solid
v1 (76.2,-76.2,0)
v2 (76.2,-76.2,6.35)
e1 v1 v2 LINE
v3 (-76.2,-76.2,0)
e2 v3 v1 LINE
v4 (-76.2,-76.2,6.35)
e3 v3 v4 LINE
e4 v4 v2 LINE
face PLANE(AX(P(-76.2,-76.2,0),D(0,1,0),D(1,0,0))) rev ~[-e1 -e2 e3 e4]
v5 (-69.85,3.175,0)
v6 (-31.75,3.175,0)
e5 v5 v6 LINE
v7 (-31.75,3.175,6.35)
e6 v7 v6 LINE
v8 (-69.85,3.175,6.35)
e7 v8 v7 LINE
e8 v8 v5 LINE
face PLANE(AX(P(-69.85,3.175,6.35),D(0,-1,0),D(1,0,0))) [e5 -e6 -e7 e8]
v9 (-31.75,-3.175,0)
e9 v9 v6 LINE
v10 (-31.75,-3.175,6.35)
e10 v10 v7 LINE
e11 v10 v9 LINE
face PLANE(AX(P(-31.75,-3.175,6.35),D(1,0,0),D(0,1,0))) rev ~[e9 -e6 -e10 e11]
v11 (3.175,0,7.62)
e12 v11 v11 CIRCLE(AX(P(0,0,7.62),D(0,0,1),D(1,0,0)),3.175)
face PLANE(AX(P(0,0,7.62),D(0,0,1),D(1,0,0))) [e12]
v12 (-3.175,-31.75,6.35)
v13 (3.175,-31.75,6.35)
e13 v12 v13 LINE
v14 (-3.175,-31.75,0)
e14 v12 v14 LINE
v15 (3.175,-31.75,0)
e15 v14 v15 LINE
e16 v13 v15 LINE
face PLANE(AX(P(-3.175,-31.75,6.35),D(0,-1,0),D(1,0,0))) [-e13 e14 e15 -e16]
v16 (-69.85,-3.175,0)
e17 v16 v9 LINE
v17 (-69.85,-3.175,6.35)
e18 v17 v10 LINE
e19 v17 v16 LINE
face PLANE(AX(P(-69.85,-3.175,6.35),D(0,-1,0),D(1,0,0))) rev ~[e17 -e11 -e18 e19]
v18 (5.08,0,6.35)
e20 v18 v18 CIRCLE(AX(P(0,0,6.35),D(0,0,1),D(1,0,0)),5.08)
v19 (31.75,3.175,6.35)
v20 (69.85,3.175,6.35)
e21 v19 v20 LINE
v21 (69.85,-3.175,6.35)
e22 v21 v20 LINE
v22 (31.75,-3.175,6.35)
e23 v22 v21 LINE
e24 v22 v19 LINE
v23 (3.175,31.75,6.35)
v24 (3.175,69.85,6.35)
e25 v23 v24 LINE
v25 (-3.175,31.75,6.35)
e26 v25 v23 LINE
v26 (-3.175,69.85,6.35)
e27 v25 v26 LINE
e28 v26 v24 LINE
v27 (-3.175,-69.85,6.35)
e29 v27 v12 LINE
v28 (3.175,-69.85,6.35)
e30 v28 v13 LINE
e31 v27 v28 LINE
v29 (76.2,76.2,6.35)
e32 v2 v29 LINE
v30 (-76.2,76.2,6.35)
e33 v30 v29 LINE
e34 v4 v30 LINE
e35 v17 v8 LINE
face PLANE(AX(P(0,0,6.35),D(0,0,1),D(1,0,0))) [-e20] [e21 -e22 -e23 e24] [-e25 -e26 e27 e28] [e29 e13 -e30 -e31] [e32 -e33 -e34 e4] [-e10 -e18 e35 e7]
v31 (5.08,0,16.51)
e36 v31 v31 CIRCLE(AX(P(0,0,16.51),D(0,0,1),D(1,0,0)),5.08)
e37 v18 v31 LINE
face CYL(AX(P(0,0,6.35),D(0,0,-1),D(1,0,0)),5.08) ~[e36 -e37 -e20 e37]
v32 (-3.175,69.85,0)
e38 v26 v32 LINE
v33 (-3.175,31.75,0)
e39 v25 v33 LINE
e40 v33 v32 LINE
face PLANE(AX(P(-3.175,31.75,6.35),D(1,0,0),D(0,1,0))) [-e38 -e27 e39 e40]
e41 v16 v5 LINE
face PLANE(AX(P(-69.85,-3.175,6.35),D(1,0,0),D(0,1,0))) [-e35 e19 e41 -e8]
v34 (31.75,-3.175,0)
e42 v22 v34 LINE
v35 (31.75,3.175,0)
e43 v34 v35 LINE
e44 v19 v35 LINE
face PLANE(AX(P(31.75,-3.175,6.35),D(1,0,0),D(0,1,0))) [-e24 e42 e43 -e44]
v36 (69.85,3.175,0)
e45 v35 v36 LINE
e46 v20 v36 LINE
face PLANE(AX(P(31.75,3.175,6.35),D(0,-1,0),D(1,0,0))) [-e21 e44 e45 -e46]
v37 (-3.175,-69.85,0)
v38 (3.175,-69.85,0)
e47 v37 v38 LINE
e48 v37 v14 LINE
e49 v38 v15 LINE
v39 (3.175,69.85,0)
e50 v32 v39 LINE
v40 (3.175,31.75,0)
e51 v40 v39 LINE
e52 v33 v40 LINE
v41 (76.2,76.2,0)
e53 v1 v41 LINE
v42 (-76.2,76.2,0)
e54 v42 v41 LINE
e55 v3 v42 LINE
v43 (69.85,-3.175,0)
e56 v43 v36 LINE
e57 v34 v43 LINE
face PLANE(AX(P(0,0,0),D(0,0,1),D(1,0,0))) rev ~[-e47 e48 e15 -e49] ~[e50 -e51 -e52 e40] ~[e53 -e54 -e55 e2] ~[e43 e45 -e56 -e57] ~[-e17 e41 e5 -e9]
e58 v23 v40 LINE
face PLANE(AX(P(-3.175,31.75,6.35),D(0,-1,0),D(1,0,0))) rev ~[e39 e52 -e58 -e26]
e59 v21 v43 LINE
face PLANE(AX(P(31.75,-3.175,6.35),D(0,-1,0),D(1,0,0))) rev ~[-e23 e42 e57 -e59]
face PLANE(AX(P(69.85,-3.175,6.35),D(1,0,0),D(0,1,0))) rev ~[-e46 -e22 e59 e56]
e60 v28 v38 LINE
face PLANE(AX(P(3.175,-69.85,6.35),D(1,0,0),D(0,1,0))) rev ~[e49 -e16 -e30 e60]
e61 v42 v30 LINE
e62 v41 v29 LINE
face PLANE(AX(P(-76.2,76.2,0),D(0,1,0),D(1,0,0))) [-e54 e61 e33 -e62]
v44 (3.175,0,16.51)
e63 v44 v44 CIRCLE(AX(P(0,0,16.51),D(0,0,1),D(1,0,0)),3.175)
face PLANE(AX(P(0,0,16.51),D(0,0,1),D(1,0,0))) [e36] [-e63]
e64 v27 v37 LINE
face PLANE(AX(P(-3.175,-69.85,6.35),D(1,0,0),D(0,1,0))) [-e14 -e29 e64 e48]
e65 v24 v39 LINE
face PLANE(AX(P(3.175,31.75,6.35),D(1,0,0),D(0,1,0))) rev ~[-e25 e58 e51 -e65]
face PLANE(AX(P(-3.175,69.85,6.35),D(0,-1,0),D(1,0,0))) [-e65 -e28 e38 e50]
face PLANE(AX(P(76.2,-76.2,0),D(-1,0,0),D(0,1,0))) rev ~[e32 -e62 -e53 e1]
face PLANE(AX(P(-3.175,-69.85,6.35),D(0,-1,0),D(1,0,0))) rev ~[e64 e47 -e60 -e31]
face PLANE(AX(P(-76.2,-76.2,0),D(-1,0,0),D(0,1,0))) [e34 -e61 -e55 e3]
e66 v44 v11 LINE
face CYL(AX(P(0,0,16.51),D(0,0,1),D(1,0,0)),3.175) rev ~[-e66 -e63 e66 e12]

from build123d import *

# Parameters (mm, degrees)
F0_W      = 152.4
F0_H      = 152.4
F1_DEPTH  = 6.35
F2_W      = 38.1
F2_H      = 6.35
F3_DEPTH  = 25.4
F4_W      = 6.35
F4_H      = 38.1
F5_DEPTH  = 25.4
F6_W      = 38.1
F6_H      = 6.35
F7_DEPTH  = 25.4
F8_W      = 6.35
F8_H      = 38.1
F9_DEPTH  = 25.4
F10_R     = 5.08
F11_DEPTH = 10.16
F12_R     = 3.175
F13_DEPTH = 8.89


with BuildPart() as f1:
    # F0 (on Top) → F1 (new body)
    with BuildSketch(Plane.XY):
        Rectangle(F0_W, F0_H)
    extrude(amount=F1_DEPTH)

    # F2 (on face) → F3 (cut)
    with BuildSketch(Plane.XY.offset(6.35)):
        with Locations((50.8, 0)):
            Rectangle(F2_W, F2_H)
    extrude(amount=-F3_DEPTH, mode=Mode.SUBTRACT)

    # F4 (on face) → F5 (cut)
    with BuildSketch(Plane.XY.offset(6.35)):
        with Locations((0, -50.8)):
            Rectangle(F4_W, F4_H)
    extrude(amount=-F5_DEPTH, mode=Mode.SUBTRACT)

    # F6 (on face) → F7 (cut)
    with BuildSketch(Plane.XY.offset(6.35)):
        with Locations((-50.8, 0)):
            Rectangle(F6_W, F6_H)
    extrude(amount=-F7_DEPTH, mode=Mode.SUBTRACT)

    # F8 (on face) → F9 (cut)
    with BuildSketch(Plane.XY.offset(6.35)):
        with Locations((0, 50.8)):
            Rectangle(F8_W, F8_H)
    extrude(amount=-F9_DEPTH, mode=Mode.SUBTRACT)

    # F10 (on face) → F11 (join)
    with BuildSketch(Plane.XY.offset(6.35)):
        Circle(F10_R)
    extrude(amount=F11_DEPTH)

    # F12 (on face) → F13 (cut)
    with BuildSketch(Plane.XY.offset(16.51)):
        Circle(F12_R)
    extrude(amount=-F13_DEPTH, mode=Mode.SUBTRACT)


solid = f1.part
